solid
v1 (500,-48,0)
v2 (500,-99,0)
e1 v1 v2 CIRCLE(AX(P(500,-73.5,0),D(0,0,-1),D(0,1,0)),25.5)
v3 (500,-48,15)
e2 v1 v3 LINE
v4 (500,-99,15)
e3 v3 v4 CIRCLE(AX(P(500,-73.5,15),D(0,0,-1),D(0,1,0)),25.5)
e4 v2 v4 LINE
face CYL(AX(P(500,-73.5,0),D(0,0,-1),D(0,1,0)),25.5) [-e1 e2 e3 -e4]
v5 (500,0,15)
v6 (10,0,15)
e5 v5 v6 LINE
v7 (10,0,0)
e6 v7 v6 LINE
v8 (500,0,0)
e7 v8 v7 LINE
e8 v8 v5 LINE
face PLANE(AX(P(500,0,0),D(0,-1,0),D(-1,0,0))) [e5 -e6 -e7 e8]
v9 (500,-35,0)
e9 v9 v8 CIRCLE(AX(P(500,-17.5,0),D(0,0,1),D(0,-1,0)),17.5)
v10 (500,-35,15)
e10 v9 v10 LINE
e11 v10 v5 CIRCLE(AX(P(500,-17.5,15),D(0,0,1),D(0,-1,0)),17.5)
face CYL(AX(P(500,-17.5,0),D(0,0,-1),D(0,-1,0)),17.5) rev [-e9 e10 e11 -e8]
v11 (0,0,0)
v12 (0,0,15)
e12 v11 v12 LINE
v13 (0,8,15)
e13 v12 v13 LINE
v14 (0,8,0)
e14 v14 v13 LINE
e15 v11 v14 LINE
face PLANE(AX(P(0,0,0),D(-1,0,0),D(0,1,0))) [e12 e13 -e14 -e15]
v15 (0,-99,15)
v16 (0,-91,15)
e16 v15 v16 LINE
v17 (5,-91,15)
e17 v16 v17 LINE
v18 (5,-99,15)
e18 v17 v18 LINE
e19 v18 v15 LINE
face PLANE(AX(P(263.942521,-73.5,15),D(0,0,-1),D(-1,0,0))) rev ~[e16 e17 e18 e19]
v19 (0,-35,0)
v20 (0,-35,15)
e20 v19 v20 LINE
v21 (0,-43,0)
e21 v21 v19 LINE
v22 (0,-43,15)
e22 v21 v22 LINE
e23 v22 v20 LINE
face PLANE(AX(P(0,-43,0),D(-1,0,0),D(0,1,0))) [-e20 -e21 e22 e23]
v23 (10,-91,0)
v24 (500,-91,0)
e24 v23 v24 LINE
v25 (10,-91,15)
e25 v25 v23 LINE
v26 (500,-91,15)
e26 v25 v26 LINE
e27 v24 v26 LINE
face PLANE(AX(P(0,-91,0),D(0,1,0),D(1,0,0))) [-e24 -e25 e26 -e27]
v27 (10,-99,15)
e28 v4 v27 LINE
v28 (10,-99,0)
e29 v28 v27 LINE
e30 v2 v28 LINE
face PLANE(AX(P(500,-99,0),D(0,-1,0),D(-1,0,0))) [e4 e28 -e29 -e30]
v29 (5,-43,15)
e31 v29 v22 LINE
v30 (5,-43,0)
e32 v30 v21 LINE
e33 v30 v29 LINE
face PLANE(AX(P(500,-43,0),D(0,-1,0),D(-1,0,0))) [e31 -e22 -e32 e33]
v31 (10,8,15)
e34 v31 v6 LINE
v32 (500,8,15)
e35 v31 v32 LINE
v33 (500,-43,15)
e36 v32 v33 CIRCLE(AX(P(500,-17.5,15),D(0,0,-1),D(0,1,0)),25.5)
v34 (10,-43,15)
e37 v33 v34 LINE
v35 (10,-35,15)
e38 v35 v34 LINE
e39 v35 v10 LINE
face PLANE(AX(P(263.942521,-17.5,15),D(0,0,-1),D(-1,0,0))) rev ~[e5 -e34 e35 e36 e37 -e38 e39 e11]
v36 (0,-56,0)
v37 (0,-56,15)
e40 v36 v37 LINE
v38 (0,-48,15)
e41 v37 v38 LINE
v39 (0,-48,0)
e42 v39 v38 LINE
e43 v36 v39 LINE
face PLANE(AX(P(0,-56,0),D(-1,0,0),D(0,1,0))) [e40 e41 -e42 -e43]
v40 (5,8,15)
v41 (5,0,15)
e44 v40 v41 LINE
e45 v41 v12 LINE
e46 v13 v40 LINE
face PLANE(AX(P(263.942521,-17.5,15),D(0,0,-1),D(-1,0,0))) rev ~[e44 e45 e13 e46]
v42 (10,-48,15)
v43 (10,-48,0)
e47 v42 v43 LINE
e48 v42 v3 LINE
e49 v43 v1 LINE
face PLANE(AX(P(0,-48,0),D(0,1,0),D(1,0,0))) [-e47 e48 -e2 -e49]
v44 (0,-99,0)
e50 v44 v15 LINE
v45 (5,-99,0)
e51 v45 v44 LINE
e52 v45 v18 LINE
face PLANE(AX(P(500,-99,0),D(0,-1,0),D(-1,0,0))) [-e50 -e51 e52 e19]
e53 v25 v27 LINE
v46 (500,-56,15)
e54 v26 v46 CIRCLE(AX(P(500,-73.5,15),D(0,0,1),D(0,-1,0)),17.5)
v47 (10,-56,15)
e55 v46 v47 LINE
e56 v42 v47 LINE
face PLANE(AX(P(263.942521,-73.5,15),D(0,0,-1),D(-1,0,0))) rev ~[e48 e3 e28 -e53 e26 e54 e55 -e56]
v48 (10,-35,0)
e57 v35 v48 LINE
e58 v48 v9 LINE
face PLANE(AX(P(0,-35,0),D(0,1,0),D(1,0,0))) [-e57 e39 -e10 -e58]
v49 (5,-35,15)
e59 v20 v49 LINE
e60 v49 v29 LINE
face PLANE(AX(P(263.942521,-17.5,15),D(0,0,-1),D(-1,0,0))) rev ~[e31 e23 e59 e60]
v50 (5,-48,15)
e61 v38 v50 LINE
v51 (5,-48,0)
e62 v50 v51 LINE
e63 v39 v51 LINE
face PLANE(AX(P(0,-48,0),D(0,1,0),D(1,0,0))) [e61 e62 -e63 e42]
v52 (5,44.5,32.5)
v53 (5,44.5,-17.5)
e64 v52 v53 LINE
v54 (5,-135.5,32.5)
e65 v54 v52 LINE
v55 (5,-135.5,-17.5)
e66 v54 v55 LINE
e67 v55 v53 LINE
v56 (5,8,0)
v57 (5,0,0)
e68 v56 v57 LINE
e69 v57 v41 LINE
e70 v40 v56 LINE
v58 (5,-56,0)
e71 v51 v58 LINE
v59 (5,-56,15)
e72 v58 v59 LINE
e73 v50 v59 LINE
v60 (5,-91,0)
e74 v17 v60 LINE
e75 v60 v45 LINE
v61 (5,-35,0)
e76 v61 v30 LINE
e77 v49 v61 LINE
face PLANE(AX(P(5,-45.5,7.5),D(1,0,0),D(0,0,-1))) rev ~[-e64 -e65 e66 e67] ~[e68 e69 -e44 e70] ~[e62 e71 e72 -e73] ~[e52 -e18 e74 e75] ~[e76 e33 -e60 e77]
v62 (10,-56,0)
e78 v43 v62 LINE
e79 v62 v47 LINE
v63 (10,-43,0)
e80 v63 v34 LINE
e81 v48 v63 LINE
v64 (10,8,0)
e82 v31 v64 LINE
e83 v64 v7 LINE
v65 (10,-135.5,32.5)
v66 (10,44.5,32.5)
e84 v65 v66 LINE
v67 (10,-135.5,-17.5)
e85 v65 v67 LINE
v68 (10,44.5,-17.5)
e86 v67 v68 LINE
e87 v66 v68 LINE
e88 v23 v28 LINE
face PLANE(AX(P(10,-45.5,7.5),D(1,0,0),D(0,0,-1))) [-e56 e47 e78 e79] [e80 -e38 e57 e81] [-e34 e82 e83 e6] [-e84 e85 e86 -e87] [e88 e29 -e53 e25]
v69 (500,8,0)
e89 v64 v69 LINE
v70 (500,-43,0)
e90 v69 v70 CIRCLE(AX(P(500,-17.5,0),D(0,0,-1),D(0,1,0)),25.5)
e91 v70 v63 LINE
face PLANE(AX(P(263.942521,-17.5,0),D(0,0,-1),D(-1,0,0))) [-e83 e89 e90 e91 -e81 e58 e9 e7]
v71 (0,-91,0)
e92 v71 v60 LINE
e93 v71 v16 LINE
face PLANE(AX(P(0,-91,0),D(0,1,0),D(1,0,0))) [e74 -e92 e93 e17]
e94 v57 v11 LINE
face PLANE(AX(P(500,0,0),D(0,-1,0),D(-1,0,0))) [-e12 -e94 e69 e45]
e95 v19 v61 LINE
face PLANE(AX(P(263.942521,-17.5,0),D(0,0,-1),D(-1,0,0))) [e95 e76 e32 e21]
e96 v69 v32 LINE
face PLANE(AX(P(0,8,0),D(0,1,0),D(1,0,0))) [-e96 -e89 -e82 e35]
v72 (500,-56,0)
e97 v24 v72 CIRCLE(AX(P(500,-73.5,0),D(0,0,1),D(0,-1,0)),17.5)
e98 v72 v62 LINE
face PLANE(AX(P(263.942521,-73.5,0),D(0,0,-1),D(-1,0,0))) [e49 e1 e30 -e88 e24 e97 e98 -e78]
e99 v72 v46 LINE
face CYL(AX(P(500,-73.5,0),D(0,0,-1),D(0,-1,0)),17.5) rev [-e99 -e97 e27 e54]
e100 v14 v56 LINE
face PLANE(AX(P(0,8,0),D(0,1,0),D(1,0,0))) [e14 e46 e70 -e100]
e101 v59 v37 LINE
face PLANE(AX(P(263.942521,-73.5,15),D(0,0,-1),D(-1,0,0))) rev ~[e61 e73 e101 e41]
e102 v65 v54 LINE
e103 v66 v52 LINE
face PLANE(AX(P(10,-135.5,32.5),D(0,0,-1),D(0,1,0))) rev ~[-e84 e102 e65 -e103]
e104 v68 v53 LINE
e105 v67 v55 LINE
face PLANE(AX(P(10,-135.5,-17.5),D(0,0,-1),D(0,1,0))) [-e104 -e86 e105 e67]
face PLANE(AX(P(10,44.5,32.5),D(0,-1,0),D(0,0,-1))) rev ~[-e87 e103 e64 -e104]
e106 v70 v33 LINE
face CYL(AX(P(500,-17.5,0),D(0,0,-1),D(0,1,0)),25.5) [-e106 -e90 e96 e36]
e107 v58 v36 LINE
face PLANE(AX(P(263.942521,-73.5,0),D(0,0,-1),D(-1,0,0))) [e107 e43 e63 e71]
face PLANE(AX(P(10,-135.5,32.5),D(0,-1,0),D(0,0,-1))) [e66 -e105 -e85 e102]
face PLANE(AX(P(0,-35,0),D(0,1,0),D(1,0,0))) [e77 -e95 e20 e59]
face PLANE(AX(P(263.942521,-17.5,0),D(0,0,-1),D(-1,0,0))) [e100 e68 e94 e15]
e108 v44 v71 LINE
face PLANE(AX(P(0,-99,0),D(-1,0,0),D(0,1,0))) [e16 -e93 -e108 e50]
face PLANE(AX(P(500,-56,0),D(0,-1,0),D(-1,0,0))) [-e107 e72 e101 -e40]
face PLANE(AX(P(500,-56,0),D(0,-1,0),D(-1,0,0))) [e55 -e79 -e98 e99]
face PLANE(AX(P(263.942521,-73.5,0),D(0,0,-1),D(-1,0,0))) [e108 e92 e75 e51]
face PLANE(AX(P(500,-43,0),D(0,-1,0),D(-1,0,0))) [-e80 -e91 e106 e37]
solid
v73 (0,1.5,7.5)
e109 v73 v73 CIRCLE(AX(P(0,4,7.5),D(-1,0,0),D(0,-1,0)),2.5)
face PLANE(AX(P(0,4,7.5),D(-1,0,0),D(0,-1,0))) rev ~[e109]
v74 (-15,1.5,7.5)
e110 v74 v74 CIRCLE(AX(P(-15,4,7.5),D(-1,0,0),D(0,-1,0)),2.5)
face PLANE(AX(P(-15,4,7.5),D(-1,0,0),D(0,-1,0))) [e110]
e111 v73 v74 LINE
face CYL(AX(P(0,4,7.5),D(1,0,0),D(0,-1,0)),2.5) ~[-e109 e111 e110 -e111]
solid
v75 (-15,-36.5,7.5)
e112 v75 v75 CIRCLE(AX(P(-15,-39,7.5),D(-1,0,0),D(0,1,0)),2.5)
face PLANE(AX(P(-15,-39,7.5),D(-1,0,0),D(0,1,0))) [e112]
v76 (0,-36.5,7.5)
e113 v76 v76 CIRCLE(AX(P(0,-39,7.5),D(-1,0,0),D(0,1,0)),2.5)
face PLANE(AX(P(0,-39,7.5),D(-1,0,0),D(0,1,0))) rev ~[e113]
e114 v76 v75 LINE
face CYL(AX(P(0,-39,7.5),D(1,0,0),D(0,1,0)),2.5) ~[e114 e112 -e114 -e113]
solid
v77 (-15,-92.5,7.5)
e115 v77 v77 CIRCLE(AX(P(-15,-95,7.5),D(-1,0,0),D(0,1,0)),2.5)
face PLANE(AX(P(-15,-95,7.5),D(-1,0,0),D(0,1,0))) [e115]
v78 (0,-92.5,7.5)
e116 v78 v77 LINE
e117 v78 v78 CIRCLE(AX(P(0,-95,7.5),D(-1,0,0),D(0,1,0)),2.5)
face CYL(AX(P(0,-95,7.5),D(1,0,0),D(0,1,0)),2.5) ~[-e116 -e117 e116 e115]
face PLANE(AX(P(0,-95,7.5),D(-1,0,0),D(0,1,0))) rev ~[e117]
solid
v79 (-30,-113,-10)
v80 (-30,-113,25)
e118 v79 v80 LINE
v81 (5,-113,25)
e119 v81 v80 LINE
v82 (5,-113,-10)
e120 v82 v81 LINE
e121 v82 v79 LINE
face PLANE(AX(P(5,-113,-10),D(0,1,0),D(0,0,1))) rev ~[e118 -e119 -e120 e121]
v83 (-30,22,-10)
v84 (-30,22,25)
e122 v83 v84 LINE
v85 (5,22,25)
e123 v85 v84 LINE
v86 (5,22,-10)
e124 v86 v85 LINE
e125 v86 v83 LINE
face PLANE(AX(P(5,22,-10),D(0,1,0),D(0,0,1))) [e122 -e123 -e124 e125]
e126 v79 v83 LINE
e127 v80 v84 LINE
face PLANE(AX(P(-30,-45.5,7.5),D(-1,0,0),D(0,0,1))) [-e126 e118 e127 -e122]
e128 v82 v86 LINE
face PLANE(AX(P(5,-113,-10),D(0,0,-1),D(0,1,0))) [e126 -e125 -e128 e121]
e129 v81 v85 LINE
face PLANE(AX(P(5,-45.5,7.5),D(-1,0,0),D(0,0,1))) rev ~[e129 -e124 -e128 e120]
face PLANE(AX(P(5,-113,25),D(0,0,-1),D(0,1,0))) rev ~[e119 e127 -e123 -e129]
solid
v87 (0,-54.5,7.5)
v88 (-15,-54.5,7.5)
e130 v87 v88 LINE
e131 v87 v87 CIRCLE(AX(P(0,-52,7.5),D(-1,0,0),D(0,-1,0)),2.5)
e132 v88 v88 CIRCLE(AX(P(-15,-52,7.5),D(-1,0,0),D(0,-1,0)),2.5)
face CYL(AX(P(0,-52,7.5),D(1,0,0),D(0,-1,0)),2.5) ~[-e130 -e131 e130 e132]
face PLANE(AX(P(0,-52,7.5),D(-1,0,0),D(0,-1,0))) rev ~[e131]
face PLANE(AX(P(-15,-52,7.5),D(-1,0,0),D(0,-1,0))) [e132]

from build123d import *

# Parameters (mm, degrees)
BOSS_EXTRUDE1_DEPTH   = 15
BOSS_EXTRUDE1_2_DEPTH = 15
SKETCH3_R             = 2.5
BOSS_EXTRUDE2_DEPTH   = 15
BOSS_EXTRUDE2_2_DEPTH = 15
BOSS_EXTRUDE2_3_DEPTH = 15
BOSS_EXTRUDE2_4_DEPTH = 15
SKETCH5_W             = 50
SKETCH5_H             = 180
BOSS_EXTRUDE3_DEPTH   = 5
SKETCH7_W             = 35
SKETCH7_H             = 135
BOSS_EXTRUDE4_DEPTH   = 35


with BuildPart() as part:
    # Sketch1 → Boss-Extrude1 (new body)
    with BuildSketch(Plane.XY):
        with BuildLine():
            Line((500, -43), (0, -43))
            Line((0, -43), (0, -35))
            Line((0, -35), (8, -35))
            Line((8, -35), (500, -35))
            ThreePointArc((500, -35), (517.5, -17.5), (500, 0))
            Line((500, 0), (8, 0))
            Line((8, 0), (0, 0))
            Line((0, 0), (0, 8))
            Line((0, 8), (500, 8))
            ThreePointArc((500, 8), (525.5, -17.5), (500, -43))
        make_face()
    extrude(amount=BOSS_EXTRUDE1_DEPTH)



with BuildPart() as body_2:
    # Sketch1 → Boss-Extrude1 2 (new body)
    with BuildSketch(Plane.XY):
        with BuildLine():
            Line((8, -56), (0, -56))
            Line((0, -56), (0, -48))
            Line((0, -48), (500, -48))
            ThreePointArc((500, -48), (525.5, -73.5), (500, -99))
            Line((500, -99), (0, -99))
            Line((0, -99), (0, -91))
            Line((0, -91), (8, -91))
            Line((8, -91), (500, -91))
            ThreePointArc((500, -91), (517.5, -73.5), (500, -56))
            Line((500, -56), (8, -56))
        make_face()
    extrude(amount=BOSS_EXTRUDE1_2_DEPTH)


with BuildPart() as body_3:
    # Sketch3 → Boss-Extrude2 (new body)
    with BuildSketch(Plane.ZY):
        with Locations(Location((7.5, 4, 0), (0, 0, 270))):
            Circle(SKETCH3_R)
    extrude(amount=BOSS_EXTRUDE2_DEPTH)


with BuildPart() as body_4:
    # Sketch3 → Boss-Extrude2 2 (new body)
    with BuildSketch(Plane.ZY):
        with Locations(Location((7.5, -39, 0), (0, 0, 90))):
            Circle(SKETCH3_R)
    extrude(amount=BOSS_EXTRUDE2_2_DEPTH)


with BuildPart() as body_5:
    # Sketch3 → Boss-Extrude2 3 (new body)
    with BuildSketch(Plane.ZY):
        with Locations(Location((7.5, -52, 0), (0, 0, 270))):
            Circle(SKETCH3_R)
    extrude(amount=BOSS_EXTRUDE2_3_DEPTH)


with BuildPart() as body_6:
    # Sketch3 → Boss-Extrude2 4 (new body)
    with BuildSketch(Plane.ZY):
        with Locations(Location((7.5, -95, 0), (0, 0, 90))):
            Circle(SKETCH3_R)
    extrude(amount=BOSS_EXTRUDE2_4_DEPTH)


with BuildPart() as part_1:
    add(part.part)

    add(body_2.part)  # Boss-Extrude3 merges body 2
    # Sketch5 → Boss-Extrude3 (add)
    with BuildSketch(Plane(origin=(10, 0, 0), x_dir=(0, 0, -1), z_dir=(1, 0, 0))):
        with Locations((-7.5, -45.5)):
            Rectangle(SKETCH5_W, SKETCH5_H)
    extrude(amount=-BOSS_EXTRUDE3_DEPTH)


with BuildPart() as body_6_2:
    # Sketch7 → Boss-Extrude4 (new body)
    with BuildSketch(Plane.ZY.offset(-5)):
        with Locations((7.5, -45.5)):
            Rectangle(SKETCH7_W, SKETCH7_H)
    extrude(amount=BOSS_EXTRUDE4_DEPTH)


solid = Compound([body_3.part, body_4.part, body_5.part, body_6.part, part_1.part, body_6_2.part])
